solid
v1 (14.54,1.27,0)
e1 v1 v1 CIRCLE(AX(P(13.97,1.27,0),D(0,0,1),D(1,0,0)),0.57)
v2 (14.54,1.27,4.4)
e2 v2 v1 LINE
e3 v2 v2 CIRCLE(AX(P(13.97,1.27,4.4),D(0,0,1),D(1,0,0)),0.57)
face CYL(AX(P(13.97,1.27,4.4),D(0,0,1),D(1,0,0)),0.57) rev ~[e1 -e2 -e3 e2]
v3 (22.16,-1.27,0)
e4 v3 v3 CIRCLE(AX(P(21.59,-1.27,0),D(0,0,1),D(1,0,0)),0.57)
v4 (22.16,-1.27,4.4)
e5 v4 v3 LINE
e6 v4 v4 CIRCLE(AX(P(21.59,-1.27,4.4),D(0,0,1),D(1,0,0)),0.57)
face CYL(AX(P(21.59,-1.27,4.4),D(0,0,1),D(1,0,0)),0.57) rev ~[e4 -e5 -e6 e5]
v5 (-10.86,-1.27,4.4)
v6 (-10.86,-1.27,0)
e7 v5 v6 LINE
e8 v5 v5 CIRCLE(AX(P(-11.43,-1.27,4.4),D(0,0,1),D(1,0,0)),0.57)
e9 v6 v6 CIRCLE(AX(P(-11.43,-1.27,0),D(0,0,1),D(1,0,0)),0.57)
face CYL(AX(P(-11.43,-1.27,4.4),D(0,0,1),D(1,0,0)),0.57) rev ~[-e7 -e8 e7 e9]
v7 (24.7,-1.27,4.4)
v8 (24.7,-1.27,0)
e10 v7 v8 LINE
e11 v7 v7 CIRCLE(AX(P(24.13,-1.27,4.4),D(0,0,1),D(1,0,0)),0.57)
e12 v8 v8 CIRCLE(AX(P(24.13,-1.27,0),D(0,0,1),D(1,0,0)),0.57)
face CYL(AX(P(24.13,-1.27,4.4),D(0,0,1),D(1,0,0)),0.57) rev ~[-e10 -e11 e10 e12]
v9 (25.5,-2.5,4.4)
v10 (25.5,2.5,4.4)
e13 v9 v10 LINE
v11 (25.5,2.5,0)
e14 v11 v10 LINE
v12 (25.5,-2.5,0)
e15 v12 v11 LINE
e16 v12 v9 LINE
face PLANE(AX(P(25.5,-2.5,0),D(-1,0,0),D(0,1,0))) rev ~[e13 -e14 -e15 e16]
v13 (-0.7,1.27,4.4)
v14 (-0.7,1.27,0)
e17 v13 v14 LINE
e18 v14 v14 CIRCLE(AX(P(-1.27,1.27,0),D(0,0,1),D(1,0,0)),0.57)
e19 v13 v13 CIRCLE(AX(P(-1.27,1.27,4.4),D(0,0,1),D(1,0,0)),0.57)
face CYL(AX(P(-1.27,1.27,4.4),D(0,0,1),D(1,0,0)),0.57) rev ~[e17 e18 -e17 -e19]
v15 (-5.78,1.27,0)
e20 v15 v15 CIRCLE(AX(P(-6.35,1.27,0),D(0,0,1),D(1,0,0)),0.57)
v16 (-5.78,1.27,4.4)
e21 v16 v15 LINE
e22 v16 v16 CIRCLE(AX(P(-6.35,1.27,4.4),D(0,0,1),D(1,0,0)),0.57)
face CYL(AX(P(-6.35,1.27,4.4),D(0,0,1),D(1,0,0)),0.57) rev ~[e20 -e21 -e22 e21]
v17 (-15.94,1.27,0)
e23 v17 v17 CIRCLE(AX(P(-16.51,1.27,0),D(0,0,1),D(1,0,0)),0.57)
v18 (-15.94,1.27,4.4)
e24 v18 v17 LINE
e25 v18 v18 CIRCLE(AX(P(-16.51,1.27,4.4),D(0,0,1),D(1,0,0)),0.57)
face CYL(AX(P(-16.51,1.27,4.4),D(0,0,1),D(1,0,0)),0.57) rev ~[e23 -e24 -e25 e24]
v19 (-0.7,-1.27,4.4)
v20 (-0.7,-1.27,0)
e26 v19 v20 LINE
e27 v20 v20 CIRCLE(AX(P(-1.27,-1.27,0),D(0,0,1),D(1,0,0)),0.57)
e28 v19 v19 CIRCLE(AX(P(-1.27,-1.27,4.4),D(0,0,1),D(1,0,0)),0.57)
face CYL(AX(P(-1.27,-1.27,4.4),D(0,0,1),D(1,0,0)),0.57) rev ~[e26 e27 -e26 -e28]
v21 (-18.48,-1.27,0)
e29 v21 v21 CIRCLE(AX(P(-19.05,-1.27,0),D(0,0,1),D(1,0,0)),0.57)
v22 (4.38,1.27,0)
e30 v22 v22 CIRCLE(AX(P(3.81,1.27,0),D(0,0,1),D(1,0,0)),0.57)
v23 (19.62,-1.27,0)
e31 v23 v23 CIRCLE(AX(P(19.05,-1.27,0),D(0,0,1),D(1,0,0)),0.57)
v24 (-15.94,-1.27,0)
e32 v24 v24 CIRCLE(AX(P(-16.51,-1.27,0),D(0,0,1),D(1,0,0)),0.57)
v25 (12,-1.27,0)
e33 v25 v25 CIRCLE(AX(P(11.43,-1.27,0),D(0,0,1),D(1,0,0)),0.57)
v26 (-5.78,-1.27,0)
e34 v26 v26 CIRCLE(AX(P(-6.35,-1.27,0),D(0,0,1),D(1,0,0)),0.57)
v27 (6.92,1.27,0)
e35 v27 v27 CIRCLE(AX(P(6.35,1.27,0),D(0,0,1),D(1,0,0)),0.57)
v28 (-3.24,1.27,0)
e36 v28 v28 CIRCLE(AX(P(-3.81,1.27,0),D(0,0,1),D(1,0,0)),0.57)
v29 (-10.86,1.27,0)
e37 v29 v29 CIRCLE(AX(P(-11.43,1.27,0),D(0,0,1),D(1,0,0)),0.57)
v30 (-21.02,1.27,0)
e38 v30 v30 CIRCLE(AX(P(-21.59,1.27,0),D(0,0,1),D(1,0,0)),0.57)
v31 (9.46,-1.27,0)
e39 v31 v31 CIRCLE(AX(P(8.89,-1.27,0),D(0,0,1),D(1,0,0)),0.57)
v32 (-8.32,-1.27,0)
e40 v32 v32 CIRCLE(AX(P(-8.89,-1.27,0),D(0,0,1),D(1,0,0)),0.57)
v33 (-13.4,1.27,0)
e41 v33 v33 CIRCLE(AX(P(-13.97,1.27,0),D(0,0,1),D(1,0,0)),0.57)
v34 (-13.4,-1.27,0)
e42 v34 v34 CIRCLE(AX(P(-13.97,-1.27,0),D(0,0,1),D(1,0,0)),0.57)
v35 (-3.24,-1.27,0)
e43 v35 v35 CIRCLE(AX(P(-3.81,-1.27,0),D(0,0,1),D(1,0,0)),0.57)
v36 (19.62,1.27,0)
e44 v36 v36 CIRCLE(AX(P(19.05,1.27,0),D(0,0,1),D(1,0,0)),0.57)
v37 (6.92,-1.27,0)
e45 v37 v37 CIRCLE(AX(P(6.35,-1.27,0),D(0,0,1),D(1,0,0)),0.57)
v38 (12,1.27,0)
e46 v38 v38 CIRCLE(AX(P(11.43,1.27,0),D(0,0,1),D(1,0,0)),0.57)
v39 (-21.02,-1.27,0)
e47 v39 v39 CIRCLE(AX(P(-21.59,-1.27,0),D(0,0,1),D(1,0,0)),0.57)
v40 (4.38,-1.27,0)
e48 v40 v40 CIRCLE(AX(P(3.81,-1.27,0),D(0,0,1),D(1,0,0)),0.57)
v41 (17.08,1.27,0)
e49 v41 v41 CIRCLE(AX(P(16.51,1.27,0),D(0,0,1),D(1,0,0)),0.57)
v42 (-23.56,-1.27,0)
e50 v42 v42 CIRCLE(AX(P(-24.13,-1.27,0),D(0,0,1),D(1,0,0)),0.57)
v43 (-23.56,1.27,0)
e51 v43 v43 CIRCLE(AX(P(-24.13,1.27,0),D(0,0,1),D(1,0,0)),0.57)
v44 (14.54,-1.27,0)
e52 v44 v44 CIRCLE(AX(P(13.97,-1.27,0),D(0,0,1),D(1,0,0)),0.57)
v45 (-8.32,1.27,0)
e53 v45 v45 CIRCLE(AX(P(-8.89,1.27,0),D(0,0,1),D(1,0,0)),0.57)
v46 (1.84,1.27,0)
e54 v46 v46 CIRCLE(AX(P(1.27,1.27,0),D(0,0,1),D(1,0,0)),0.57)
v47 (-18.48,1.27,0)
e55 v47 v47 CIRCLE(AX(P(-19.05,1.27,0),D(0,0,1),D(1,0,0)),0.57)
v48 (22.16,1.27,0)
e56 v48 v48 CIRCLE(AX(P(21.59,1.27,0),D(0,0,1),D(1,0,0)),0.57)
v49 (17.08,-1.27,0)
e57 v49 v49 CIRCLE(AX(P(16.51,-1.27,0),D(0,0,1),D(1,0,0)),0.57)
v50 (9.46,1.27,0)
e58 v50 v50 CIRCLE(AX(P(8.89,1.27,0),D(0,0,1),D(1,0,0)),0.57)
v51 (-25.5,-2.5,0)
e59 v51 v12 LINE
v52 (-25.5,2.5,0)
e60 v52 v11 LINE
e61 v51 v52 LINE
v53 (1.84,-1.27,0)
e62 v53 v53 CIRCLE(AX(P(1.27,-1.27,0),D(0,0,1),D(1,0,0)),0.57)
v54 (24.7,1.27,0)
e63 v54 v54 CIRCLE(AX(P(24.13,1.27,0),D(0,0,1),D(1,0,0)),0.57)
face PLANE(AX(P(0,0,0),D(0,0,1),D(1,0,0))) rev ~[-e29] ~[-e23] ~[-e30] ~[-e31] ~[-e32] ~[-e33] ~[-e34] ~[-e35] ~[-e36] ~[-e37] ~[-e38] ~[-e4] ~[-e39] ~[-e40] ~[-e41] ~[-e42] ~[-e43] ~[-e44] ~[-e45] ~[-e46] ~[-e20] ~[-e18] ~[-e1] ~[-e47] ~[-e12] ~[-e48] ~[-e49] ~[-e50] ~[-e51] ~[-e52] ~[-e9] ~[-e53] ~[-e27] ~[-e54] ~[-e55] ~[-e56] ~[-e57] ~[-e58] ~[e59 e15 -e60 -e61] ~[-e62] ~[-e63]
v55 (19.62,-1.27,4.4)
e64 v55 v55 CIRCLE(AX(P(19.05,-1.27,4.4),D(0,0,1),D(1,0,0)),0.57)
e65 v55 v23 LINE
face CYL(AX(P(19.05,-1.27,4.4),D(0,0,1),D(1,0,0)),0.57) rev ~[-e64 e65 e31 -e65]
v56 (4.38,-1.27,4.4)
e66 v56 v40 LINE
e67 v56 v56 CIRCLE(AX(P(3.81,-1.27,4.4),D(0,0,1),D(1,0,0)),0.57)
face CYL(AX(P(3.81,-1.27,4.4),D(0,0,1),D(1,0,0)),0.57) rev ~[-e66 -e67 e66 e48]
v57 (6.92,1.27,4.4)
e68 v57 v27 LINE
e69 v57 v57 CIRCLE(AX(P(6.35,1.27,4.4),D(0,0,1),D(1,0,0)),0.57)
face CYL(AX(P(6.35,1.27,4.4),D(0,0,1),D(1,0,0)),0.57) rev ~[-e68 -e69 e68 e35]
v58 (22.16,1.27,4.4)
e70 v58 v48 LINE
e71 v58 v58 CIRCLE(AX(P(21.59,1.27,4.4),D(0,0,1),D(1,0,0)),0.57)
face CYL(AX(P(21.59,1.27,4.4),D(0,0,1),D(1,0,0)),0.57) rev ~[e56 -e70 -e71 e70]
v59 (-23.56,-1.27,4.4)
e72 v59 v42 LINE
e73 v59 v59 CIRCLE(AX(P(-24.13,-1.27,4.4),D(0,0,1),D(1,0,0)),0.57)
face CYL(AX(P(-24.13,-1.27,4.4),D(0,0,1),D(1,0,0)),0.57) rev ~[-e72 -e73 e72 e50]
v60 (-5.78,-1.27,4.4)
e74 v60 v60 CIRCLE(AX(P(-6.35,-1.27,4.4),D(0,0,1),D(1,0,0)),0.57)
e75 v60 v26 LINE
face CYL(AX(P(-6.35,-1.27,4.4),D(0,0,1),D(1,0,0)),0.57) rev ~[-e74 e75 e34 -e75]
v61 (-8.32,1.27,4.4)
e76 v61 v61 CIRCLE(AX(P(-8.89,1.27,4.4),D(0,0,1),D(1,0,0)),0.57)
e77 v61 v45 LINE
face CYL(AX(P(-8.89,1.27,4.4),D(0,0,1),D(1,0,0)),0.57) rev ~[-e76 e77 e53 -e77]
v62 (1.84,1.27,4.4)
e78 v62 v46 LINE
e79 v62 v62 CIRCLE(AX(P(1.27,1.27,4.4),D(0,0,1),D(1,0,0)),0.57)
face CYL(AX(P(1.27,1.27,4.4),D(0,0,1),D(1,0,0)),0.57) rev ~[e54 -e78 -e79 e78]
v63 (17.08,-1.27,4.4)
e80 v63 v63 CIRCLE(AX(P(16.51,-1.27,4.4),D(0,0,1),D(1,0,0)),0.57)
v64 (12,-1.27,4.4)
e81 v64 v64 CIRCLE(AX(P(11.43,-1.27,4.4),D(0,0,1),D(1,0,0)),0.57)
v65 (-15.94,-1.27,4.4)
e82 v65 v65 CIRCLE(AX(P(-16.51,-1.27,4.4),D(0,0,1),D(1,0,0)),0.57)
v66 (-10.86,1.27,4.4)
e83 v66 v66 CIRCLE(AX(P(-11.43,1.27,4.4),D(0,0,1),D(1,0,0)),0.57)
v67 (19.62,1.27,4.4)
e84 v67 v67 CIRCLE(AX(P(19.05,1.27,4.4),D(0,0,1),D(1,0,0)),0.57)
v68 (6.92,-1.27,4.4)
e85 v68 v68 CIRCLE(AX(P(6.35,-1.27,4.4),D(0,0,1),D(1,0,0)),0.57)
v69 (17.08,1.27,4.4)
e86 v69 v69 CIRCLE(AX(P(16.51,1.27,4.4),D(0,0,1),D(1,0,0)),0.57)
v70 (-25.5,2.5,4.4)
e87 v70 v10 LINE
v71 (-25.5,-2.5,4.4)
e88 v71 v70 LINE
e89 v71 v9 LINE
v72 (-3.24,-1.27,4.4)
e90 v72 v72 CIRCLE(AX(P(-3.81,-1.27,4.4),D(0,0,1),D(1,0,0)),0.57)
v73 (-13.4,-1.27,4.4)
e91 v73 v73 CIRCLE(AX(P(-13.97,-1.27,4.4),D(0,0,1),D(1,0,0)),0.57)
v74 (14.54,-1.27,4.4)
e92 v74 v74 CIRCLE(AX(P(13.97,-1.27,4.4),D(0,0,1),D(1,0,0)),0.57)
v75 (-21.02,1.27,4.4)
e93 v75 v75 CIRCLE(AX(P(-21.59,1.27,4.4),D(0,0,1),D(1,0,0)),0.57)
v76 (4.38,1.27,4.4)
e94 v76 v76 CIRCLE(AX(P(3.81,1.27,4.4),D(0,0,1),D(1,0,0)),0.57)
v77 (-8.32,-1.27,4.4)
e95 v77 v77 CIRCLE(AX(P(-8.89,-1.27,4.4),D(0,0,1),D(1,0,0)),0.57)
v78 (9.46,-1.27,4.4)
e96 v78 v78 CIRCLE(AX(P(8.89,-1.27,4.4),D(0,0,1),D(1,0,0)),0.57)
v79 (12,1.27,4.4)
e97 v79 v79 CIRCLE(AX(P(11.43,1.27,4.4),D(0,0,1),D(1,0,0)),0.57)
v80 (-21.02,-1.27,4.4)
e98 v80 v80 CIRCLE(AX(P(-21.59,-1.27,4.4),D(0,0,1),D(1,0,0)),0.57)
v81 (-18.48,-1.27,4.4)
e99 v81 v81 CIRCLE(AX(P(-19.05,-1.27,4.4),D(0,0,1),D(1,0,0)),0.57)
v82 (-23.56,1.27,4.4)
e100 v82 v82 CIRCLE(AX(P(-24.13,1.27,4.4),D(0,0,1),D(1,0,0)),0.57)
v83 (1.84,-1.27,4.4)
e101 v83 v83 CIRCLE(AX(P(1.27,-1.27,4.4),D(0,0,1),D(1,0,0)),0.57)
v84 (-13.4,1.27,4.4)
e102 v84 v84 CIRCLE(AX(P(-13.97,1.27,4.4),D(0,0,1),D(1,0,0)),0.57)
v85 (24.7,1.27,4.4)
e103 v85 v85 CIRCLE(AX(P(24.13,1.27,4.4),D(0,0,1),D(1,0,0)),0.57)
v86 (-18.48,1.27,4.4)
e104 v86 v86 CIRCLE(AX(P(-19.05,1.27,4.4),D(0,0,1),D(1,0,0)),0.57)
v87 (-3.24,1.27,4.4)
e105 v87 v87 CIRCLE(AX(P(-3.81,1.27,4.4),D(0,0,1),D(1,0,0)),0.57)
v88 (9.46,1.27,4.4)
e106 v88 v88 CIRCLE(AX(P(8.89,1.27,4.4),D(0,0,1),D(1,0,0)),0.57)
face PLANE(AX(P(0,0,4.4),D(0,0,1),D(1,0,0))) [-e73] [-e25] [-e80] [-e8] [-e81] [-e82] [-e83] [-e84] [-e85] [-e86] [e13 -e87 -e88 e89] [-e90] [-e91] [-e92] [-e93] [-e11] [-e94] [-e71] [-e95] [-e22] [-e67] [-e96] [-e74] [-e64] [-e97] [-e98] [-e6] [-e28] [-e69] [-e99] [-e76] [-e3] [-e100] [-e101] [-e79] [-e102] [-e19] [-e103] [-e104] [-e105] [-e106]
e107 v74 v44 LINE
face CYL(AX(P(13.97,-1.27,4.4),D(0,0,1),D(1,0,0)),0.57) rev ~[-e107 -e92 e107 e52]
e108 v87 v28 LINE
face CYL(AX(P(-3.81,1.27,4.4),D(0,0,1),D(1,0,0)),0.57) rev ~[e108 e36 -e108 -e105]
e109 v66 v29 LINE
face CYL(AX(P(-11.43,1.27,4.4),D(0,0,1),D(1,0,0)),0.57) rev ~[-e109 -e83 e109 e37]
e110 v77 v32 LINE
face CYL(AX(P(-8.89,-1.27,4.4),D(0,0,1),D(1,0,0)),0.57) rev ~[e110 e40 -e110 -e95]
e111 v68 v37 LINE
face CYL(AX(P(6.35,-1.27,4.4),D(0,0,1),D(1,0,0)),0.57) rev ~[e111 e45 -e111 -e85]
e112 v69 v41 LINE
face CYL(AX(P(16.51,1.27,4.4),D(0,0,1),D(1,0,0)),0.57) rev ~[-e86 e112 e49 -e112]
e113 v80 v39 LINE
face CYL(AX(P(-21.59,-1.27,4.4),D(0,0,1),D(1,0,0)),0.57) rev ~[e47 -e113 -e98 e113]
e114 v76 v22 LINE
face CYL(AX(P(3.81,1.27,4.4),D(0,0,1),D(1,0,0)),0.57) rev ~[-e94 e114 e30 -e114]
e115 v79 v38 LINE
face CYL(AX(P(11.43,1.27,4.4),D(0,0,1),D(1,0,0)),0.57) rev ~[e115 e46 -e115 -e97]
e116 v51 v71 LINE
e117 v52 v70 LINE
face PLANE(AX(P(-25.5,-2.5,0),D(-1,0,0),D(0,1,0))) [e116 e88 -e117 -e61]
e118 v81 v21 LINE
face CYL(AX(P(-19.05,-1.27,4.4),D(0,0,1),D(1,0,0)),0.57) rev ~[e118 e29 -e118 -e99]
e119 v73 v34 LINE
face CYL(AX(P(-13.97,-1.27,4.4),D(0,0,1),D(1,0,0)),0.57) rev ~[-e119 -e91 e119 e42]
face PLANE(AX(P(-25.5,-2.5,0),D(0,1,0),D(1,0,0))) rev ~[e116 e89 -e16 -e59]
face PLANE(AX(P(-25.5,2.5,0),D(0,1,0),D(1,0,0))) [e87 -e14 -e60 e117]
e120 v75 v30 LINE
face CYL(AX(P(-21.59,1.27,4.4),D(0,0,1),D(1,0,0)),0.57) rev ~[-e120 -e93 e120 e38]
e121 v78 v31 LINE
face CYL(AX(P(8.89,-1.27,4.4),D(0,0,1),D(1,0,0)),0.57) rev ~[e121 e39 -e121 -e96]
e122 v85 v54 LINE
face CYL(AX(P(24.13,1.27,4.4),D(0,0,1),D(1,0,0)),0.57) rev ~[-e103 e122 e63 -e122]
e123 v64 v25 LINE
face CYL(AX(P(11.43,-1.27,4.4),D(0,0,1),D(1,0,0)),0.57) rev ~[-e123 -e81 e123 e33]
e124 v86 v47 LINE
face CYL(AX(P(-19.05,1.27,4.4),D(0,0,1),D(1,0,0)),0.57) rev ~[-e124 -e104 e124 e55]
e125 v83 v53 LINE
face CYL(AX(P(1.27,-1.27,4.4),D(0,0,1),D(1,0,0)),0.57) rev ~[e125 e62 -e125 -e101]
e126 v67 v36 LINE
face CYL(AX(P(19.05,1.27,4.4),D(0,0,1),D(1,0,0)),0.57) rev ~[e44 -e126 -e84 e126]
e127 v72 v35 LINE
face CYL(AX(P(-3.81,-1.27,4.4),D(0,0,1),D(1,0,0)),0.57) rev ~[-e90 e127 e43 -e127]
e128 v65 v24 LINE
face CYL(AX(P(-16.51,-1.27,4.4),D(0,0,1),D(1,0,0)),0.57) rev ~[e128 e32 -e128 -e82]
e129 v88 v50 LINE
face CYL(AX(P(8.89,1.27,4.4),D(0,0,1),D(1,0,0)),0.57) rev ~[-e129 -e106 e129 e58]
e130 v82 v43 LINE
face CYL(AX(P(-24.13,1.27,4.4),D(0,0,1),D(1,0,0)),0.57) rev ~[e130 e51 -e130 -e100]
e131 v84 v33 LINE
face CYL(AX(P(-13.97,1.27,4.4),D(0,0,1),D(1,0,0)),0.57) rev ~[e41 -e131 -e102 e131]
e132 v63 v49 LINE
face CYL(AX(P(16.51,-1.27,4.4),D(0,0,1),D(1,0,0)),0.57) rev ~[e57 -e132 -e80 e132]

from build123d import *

# Parameters (mm, degrees)
CROQUIS1_W              = 51
CROQUIS1_H              = 5
SALIENTE_EXTRUIR1_DEPTH = 4.4
CROQUIS2_R              = 0.57
CORTAR_EXTRUIR1_DEPTH   = 26.997307553


with BuildPart() as part:
    # Croquis1 → Saliente-Extruir1 (new body)
    with BuildSketch(Plane.XY):
        Rectangle(CROQUIS1_W, CROQUIS1_H)
    extrude(amount=SALIENTE_EXTRUIR1_DEPTH)

    # Croquis2 → Cortar-Extruir1 (cut, through all)
    with BuildSketch(Plane.XY.offset(4.4)):
        with Locations((-24.13, 1.27)):
            Circle(CROQUIS2_R)
        with Locations((-21.59, 1.27)):
            Circle(CROQUIS2_R)
        with Locations((-19.05, 1.27)):
            Circle(CROQUIS2_R)
        with Locations((-16.51, 1.27)):
            Circle(CROQUIS2_R)
        with Locations((-13.97, 1.27)):
            Circle(CROQUIS2_R)
        with Locations((-11.43, 1.27)):
            Circle(CROQUIS2_R)
        with Locations((-8.89, 1.27)):
            Circle(CROQUIS2_R)
        with Locations((-6.35, 1.27)):
            Circle(CROQUIS2_R)
        with Locations((-3.81, 1.27)):
            Circle(CROQUIS2_R)
        with Locations((-1.27, 1.27)):
            Circle(CROQUIS2_R)
        with Locations((1.27, 1.27)):
            Circle(CROQUIS2_R)
        with Locations((3.81, 1.27)):
            Circle(CROQUIS2_R)
        with Locations((6.35, 1.27)):
            Circle(CROQUIS2_R)
        with Locations((8.89, 1.27)):
            Circle(CROQUIS2_R)
        with Locations((11.43, 1.27)):
            Circle(CROQUIS2_R)
        with Locations((13.97, 1.27)):
            Circle(CROQUIS2_R)
        with Locations((16.51, 1.27)):
            Circle(CROQUIS2_R)
        with Locations((19.05, 1.27)):
            Circle(CROQUIS2_R)
        with Locations((21.59, 1.27)):
            Circle(CROQUIS2_R)
        with Locations((24.13, 1.27)):
            Circle(CROQUIS2_R)
        with Locations((-21.59, -1.27)):
            Circle(CROQUIS2_R)
        with Locations((-19.05, -1.27)):
            Circle(CROQUIS2_R)
        with Locations((-16.51, -1.27)):
            Circle(CROQUIS2_R)
        with Locations((-13.97, -1.27)):
            Circle(CROQUIS2_R)
        with Locations((-11.43, -1.27)):
            Circle(CROQUIS2_R)
        with Locations((-8.89, -1.27)):
            Circle(CROQUIS2_R)
        with Locations((-6.35, -1.27)):
            Circle(CROQUIS2_R)
        with Locations((-3.81, -1.27)):
            Circle(CROQUIS2_R)
        with Locations((-1.27, -1.27)):
            Circle(CROQUIS2_R)
        with Locations((1.27, -1.27)):
            Circle(CROQUIS2_R)
        with Locations((3.81, -1.27)):
            Circle(CROQUIS2_R)
        with Locations((6.35, -1.27)):
            Circle(CROQUIS2_R)
        with Locations((8.89, -1.27)):
            Circle(CROQUIS2_R)
        with Locations((11.43, -1.27)):
            Circle(CROQUIS2_R)
        with Locations((13.97, -1.27)):
            Circle(CROQUIS2_R)
        with Locations((16.51, -1.27)):
            Circle(CROQUIS2_R)
        with Locations((19.05, -1.27)):
            Circle(CROQUIS2_R)
        with Locations((21.59, -1.27)):
            Circle(CROQUIS2_R)
        with Locations((24.13, -1.27)):
            Circle(CROQUIS2_R)
        with Locations((-24.13, -1.27)):
            Circle(CROQUIS2_R)
    extrude(amount=-CORTAR_EXTRUIR1_DEPTH, mode=Mode.SUBTRACT)


solid = part.part
